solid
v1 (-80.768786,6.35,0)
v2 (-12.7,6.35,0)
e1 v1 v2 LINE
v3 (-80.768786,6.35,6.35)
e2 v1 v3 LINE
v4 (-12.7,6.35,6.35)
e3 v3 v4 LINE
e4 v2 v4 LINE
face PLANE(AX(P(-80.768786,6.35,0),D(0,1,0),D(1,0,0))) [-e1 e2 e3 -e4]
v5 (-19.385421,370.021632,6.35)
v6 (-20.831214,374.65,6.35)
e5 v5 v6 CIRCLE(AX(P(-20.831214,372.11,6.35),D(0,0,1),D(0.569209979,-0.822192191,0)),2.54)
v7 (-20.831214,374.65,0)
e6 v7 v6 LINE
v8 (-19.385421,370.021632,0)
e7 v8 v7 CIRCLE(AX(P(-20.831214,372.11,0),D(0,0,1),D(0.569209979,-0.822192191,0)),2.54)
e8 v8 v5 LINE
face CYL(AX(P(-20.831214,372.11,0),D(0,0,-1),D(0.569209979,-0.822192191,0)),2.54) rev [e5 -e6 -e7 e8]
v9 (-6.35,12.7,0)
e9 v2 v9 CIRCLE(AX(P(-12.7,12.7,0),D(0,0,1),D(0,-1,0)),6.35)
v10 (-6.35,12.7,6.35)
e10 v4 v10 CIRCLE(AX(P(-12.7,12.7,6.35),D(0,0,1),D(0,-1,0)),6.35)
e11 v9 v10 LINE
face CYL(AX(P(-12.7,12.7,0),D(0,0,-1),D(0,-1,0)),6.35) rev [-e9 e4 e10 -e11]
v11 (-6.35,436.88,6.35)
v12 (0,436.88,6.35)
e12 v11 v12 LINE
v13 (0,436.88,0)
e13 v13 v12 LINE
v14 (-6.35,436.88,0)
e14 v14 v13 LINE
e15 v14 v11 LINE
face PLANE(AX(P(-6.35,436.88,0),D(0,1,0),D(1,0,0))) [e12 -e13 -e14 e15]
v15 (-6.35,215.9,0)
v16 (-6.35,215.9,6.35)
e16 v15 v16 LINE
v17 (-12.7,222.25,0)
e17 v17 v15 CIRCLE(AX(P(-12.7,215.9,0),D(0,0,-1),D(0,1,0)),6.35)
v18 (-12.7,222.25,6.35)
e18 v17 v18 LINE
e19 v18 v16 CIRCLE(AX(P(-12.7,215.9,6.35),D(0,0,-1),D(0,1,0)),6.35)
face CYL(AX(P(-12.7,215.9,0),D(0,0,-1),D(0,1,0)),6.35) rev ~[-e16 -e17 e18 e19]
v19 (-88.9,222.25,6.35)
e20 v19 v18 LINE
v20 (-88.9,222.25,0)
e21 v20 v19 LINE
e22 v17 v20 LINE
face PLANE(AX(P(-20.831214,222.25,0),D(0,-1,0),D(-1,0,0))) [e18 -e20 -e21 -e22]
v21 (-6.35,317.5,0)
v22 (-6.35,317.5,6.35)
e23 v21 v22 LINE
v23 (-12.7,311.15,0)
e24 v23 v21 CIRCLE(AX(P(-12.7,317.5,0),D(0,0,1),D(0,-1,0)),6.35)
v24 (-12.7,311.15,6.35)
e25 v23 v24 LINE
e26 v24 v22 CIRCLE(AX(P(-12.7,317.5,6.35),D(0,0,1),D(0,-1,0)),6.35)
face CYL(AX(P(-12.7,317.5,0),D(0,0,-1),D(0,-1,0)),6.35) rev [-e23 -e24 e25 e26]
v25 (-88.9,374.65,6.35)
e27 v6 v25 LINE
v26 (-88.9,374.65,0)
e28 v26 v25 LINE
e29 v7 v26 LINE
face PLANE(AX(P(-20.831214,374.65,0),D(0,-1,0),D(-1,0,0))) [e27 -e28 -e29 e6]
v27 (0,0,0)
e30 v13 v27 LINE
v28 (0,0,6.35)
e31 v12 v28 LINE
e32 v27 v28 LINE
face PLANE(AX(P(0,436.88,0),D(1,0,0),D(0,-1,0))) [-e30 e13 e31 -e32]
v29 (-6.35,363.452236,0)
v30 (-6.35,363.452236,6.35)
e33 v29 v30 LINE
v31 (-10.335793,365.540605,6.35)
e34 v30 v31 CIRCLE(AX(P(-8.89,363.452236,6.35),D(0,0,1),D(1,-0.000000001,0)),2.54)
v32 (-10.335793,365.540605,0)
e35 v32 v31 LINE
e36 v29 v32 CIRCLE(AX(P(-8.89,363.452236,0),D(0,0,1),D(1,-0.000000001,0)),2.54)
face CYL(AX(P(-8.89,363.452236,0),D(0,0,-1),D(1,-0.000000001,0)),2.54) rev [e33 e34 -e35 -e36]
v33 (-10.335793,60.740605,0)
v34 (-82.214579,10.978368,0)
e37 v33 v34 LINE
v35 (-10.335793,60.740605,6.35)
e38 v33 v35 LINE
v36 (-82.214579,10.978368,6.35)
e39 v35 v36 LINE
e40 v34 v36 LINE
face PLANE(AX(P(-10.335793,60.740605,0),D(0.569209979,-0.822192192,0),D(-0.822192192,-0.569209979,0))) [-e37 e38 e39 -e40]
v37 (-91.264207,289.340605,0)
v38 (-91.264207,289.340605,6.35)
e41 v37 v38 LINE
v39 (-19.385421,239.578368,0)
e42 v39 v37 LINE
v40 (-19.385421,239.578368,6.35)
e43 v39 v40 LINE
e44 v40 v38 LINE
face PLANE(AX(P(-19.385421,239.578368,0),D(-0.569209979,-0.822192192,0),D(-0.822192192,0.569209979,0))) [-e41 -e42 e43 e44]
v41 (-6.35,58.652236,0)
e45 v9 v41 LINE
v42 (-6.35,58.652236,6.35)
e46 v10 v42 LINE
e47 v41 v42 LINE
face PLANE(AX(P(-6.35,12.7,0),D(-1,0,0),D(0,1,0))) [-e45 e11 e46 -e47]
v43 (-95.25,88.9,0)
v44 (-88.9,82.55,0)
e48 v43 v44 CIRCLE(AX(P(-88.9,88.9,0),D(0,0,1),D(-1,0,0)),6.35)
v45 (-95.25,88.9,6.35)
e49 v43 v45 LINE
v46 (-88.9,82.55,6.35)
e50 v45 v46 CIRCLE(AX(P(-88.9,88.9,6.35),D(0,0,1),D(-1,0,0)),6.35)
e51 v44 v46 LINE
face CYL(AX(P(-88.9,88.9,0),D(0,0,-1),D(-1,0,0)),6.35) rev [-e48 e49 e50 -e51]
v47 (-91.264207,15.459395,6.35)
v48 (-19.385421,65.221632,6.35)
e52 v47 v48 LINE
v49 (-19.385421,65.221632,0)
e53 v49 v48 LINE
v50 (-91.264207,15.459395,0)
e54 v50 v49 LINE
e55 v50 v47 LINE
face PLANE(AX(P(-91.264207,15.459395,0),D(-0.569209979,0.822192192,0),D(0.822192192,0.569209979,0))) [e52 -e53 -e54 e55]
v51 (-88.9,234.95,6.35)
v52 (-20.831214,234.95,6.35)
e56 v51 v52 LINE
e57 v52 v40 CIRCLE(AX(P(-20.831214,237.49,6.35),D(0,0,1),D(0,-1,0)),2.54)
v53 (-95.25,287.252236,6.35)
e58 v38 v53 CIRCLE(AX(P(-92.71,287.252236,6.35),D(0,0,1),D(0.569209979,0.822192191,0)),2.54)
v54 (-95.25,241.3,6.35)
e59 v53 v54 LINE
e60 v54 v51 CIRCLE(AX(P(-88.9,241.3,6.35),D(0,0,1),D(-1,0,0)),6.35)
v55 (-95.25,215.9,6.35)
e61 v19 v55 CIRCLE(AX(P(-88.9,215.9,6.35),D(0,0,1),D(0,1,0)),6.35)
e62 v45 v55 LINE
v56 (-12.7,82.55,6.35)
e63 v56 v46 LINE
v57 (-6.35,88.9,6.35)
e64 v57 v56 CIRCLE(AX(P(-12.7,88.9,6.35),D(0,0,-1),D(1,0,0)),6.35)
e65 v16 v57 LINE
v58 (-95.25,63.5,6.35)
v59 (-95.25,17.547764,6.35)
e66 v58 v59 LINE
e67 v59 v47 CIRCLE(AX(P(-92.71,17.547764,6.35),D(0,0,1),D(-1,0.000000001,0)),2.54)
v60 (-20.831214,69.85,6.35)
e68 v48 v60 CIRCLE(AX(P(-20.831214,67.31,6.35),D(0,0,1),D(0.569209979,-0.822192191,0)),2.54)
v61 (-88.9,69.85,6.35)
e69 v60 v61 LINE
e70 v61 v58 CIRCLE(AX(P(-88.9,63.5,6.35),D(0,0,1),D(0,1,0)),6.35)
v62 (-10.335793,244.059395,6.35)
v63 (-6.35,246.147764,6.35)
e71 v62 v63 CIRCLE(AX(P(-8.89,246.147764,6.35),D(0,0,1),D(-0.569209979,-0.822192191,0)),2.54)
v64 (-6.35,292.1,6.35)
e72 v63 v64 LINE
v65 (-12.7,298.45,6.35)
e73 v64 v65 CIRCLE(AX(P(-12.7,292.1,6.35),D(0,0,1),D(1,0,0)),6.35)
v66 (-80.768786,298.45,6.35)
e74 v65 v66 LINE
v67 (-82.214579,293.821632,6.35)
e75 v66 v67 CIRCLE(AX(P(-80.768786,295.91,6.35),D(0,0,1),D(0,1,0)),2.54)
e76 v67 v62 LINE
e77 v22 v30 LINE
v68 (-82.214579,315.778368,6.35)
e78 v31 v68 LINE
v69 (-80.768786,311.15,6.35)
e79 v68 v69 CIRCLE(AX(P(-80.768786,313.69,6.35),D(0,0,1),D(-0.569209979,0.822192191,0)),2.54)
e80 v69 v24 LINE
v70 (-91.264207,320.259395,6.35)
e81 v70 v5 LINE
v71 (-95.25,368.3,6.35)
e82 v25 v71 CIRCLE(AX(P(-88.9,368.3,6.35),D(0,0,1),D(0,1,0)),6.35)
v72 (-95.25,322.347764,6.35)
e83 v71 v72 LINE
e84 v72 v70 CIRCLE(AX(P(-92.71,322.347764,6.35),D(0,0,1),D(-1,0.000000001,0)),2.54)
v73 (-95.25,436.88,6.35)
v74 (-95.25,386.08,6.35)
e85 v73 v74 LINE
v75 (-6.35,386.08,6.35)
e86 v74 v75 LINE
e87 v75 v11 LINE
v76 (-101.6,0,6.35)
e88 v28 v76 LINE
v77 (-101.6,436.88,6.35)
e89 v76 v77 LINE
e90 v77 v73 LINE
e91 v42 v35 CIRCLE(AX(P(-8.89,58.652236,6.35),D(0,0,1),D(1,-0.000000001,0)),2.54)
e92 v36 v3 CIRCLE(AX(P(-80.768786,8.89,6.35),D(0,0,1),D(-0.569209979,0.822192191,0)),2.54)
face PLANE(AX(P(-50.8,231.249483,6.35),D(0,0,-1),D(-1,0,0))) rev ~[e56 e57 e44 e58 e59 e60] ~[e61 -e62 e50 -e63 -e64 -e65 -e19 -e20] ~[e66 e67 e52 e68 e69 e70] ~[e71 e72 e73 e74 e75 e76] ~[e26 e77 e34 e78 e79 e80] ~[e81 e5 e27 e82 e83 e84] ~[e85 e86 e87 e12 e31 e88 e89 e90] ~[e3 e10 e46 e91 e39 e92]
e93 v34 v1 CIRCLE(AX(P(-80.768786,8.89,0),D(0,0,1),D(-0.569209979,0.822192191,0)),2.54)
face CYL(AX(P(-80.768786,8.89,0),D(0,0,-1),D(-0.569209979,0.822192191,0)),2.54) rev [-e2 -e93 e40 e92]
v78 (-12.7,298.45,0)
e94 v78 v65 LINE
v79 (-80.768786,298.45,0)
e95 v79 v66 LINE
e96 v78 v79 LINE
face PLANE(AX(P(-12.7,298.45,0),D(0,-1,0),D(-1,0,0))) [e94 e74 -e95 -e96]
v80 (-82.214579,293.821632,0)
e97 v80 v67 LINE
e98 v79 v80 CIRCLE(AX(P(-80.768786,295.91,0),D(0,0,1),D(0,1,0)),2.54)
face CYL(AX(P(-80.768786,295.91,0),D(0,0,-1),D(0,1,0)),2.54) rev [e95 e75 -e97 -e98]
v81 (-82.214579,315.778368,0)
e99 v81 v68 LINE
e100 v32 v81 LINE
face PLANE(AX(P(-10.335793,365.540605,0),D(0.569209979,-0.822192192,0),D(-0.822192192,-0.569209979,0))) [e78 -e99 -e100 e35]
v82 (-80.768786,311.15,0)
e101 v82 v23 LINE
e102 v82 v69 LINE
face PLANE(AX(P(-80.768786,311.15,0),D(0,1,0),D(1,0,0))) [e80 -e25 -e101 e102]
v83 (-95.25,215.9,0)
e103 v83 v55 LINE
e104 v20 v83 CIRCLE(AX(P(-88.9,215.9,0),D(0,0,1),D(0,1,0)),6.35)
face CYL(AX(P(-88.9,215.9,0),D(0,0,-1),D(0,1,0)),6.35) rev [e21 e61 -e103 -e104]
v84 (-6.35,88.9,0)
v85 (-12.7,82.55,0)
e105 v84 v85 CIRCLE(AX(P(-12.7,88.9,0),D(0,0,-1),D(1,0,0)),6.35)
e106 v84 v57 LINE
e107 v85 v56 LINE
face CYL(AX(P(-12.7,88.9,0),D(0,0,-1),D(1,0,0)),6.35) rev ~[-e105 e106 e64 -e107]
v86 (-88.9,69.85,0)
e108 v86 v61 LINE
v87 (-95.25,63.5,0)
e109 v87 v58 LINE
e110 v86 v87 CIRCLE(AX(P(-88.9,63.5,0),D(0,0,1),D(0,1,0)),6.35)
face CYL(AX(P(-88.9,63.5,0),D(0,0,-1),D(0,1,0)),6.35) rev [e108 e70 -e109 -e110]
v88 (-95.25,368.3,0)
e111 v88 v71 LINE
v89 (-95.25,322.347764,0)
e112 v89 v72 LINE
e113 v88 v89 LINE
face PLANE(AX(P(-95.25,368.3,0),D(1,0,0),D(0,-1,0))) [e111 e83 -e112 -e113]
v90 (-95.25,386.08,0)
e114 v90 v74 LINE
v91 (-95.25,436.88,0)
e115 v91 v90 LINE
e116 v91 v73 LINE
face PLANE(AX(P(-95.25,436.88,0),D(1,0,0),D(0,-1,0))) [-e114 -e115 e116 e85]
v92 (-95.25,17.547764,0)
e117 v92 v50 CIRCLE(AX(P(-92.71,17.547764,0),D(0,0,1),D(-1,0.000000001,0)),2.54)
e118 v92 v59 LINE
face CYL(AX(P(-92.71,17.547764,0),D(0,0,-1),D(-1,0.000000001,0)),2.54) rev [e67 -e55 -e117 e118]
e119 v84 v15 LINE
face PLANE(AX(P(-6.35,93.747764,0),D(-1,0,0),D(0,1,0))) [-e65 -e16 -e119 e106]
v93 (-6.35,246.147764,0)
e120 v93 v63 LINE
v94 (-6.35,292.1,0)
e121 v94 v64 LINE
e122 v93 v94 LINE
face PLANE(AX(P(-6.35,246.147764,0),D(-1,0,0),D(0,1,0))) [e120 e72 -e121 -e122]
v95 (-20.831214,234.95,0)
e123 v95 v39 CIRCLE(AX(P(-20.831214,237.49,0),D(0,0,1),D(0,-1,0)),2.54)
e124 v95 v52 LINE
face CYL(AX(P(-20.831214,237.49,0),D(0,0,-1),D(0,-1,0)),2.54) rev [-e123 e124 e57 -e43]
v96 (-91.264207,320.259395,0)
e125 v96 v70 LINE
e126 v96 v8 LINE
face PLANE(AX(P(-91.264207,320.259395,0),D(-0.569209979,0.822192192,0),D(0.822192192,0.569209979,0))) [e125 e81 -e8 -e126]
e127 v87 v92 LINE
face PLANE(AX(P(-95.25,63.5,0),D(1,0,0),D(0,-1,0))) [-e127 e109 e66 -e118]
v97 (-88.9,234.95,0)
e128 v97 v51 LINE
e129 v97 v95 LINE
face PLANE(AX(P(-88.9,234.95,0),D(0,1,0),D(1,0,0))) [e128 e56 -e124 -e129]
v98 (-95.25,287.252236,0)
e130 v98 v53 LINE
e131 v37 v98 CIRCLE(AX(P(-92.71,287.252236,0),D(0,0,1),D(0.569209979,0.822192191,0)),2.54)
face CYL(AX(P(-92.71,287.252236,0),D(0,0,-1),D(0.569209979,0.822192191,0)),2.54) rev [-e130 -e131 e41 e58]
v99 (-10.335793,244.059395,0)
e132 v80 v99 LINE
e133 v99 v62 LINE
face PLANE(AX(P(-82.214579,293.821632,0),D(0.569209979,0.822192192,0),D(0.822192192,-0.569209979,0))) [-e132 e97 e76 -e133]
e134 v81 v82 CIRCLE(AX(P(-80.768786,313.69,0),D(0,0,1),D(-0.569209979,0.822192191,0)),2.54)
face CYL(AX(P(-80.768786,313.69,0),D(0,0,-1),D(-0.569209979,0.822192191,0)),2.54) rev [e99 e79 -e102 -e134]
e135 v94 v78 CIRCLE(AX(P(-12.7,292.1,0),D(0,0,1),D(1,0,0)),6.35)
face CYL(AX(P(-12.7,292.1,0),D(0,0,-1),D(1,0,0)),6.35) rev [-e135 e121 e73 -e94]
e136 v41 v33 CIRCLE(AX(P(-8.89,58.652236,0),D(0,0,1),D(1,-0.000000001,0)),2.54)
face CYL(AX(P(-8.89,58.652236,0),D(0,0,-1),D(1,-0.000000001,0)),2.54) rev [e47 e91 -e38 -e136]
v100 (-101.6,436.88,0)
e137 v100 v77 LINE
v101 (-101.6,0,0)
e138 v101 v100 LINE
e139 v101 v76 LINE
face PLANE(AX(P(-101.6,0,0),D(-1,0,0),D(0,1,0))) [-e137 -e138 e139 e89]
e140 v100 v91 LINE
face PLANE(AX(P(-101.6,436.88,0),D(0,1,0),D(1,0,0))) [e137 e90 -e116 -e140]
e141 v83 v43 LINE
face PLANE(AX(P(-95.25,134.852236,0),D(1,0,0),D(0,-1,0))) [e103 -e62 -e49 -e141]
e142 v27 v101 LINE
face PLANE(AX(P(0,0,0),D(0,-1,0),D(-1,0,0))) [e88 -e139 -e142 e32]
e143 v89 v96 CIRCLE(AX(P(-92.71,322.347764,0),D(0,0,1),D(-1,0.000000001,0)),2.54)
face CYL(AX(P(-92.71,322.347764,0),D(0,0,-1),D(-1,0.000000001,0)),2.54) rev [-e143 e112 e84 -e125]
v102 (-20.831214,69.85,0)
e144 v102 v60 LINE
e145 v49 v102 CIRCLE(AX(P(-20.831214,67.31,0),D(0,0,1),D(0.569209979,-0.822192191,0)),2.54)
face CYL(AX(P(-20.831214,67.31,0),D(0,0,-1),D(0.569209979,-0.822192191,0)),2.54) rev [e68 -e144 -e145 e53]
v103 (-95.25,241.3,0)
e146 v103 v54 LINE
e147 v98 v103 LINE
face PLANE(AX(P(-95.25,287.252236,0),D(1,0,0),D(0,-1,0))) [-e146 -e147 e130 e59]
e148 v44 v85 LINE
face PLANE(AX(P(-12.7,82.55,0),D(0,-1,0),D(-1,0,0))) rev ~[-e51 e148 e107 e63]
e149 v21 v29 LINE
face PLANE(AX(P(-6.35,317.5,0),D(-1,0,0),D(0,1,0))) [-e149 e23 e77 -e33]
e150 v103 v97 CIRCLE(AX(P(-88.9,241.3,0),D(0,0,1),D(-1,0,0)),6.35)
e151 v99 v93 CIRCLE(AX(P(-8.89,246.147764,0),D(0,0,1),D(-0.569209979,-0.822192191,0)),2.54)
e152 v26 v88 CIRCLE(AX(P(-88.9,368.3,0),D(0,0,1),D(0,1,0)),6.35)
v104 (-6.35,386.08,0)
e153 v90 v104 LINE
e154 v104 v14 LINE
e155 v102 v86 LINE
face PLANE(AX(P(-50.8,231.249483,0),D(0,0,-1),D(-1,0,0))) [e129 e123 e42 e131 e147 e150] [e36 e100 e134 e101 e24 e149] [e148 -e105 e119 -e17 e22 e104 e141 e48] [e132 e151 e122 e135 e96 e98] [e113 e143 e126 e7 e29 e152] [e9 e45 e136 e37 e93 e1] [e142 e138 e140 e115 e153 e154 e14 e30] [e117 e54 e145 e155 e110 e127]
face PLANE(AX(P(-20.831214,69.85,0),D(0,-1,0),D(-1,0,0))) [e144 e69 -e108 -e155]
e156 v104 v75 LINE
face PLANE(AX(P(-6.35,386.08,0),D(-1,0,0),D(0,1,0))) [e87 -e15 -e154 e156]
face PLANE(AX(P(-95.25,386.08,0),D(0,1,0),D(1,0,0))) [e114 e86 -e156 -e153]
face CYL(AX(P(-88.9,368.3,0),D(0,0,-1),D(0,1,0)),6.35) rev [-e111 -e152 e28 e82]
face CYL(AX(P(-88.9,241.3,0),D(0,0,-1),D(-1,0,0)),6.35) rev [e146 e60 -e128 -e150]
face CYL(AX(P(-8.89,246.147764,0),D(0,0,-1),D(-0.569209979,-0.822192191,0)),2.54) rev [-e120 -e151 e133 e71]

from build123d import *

# Parameters (mm, degrees)
BOSS_EXTRUDE1_DEPTH = 6.35
CUT_EXTRUDE1_START  = -6.35
CUT_EXTRUDE1_DEPTH  = 6.35


with BuildPart() as part:
    # Model → Boss-Extrude1 (new body)
    with BuildSketch(Plane.XY):
        Polygon((-95.25, 386.08), (-6.35, 386.08), (-6.35, 436.88), (0, 436.88), (0, 0), (-101.6, 0), (-101.6, 436.88), (-95.25, 436.88), align=None)
        with BuildLine():
            Line((-80.76878597, 311.15), (-12.7, 311.15))
            ThreePointArc((-12.7, 311.15), (-8.209871939, 313.009871939), (-6.35, 317.5))
            Line((-6.35, 317.5), (-6.35, 363.45223644))
            ThreePointArc((-6.35, 363.45223644), (-7.711169032, 365.702115893), (-10.335793346, 365.540604607))
            Line((-10.335793346, 365.540604607), (-82.214579316, 315.778368167))
            ThreePointArc((-82.214579316, 315.778368167), (-83.193250358, 312.932654354), (-80.76878597, 311.15))
        make_face(mode=Mode.SUBTRACT)
        with BuildLine():
            Line((-95.25, 287.25223644), (-95.25, 241.3))
            ThreePointArc((-95.25, 241.3), (-93.390128061, 236.809871939), (-88.9, 234.95))
            Line((-88.9, 234.95), (-20.83121403, 234.95))
            ThreePointArc((-20.83121403, 234.95), (-18.406749642, 236.732654354), (-19.385420684, 239.578368167))
            Line((-19.385420684, 239.578368167), (-91.264206654, 289.340604607))
            ThreePointArc((-91.264206654, 289.340604607), (-93.888830968, 289.502115893), (-95.25, 287.25223644))
        make_face(mode=Mode.SUBTRACT)
        with BuildLine():
            Line((-80.76878597, 158.75), (-12.7, 158.75))
            ThreePointArc((-12.7, 158.75), (-8.209871939, 160.609871939), (-6.35, 165.1))
            Line((-6.35, 165.1), (-6.35, 211.05223644))
            ThreePointArc((-6.35, 211.05223644), (-7.711169032, 213.302115893), (-10.335793346, 213.140604607))
            Line((-10.335793346, 213.140604607), (-82.214579316, 163.378368167))
            ThreePointArc((-82.214579316, 163.378368167), (-83.193250358, 160.532654354), (-80.76878597, 158.75))
        make_face(mode=Mode.SUBTRACT)
        with BuildLine():
            Line((-20.83121403, 222.25), (-88.9, 222.25))
            ThreePointArc((-88.9, 222.25), (-93.390128061, 220.390128061), (-95.25, 215.9))
            Line((-95.25, 215.9), (-95.25, 169.94776356))
            ThreePointArc((-95.25, 169.94776356), (-93.888830968, 167.697884107), (-91.264206654, 167.859395393))
            Line((-91.264206654, 167.859395393), (-19.385420684, 217.621631833))
            ThreePointArc((-19.385420684, 217.621631833), (-18.406749642, 220.467345646), (-20.83121403, 222.25))
        make_face(mode=Mode.SUBTRACT)
        with BuildLine():
            Line((-82.214579316, 293.821631833), (-10.335793346, 244.059395393))
            ThreePointArc((-10.335793346, 244.059395393), (-7.711169032, 243.897884107), (-6.35, 246.14776356))
            Line((-6.35, 246.14776356), (-6.35, 292.1))
            ThreePointArc((-6.35, 292.1), (-8.209871939, 296.590128061), (-12.7, 298.45))
            Line((-12.7, 298.45), (-80.76878597, 298.45))
            ThreePointArc((-80.76878597, 298.45), (-83.193250358, 296.667345646), (-82.214579316, 293.821631833))
        make_face(mode=Mode.SUBTRACT)
        with BuildLine():
            Line((-95.25, 134.85223644), (-95.25, 88.9))
            ThreePointArc((-95.25, 88.9), (-93.390128061, 84.409871939), (-88.9, 82.55))
            Line((-88.9, 82.55), (-20.83121403, 82.55))
            ThreePointArc((-20.83121403, 82.55), (-18.406749642, 84.332654354), (-19.385420684, 87.178368167))
            Line((-19.385420684, 87.178368167), (-91.264206654, 136.940604607))
            ThreePointArc((-91.264206654, 136.940604607), (-93.888830968, 137.102115893), (-95.25, 134.85223644))
        make_face(mode=Mode.SUBTRACT)
        with BuildLine():
            Line((-80.76878597, 6.35), (-12.7, 6.35))
            ThreePointArc((-12.7, 6.35), (-8.209871939, 8.209871939), (-6.35, 12.7))
            Line((-6.35, 12.7), (-6.35, 58.65223644))
            ThreePointArc((-6.35, 58.65223644), (-7.711169032, 60.902115893), (-10.335793346, 60.740604607))
            Line((-10.335793346, 60.740604607), (-82.214579316, 10.978368167))
            ThreePointArc((-82.214579316, 10.978368167), (-83.193250358, 8.132654354), (-80.76878597, 6.35))
        make_face(mode=Mode.SUBTRACT)
        with BuildLine():
            Line((-20.83121403, 69.85), (-88.9, 69.85))
            ThreePointArc((-88.9, 69.85), (-93.390128061, 67.990128061), (-95.25, 63.5))
            Line((-95.25, 63.5), (-95.25, 17.54776356))
            ThreePointArc((-95.25, 17.54776356), (-93.888830968, 15.297884107), (-91.264206654, 15.459395393))
            Line((-91.264206654, 15.459395393), (-19.385420684, 65.221631833))
            ThreePointArc((-19.385420684, 65.221631833), (-18.406749642, 68.067345646), (-20.83121403, 69.85))
        make_face(mode=Mode.SUBTRACT)
        with BuildLine():
            Line((-20.83121403, 374.65), (-88.9, 374.65))
            ThreePointArc((-88.9, 374.65), (-93.390128061, 372.790128061), (-95.25, 368.3))
            Line((-95.25, 368.3), (-95.25, 322.34776356))
            ThreePointArc((-95.25, 322.34776356), (-93.888830968, 320.097884107), (-91.264206654, 320.259395393))
            Line((-91.264206654, 320.259395393), (-19.385420684, 370.021631833))
            ThreePointArc((-19.385420684, 370.021631833), (-18.406749642, 372.867345646), (-20.83121403, 374.65))
        make_face(mode=Mode.SUBTRACT)
        with BuildLine():
            Line((-82.214579316, 141.421631833), (-10.335793346, 91.659395393))
            ThreePointArc((-10.335793346, 91.659395393), (-7.711169032, 91.497884107), (-6.35, 93.74776356))
            Line((-6.35, 93.74776356), (-6.35, 139.7))
            ThreePointArc((-6.35, 139.7), (-8.209871939, 144.190128061), (-12.7, 146.05))
            Line((-12.7, 146.05), (-80.76878597, 146.05))
            ThreePointArc((-80.76878597, 146.05), (-83.193250358, 144.267345646), (-82.214579316, 141.421631833))
        make_face(mode=Mode.SUBTRACT)
    extrude(amount=BOSS_EXTRUDE1_DEPTH)

    # Sketch1 → Cut-Extrude1 (cut)
    with BuildSketch(Plane.XY.offset(6.35).offset(CUT_EXTRUDE1_START)):
        with BuildLine():
            Line((-12.7, 82.55), (-88.9, 82.55))
            ThreePointArc((-88.9, 82.55), (-93.390128061, 84.409871939), (-95.25, 88.9))
            Line((-95.25, 88.9), (-95.25, 215.9))
            ThreePointArc((-95.25, 215.9), (-93.390128061, 220.390128061), (-88.9, 222.25))
            Line((-88.9, 222.25), (-12.7, 222.25))
            ThreePointArc((-12.7, 222.25), (-8.209871939, 220.390128061), (-6.35, 215.9))
            Line((-6.35, 215.9), (-6.35, 88.9))
            ThreePointArc((-6.35, 88.9), (-8.209871939, 84.409871939), (-12.7, 82.55))
        make_face()
    extrude(amount=CUT_EXTRUDE1_DEPTH, mode=Mode.SUBTRACT)


solid = part.part
